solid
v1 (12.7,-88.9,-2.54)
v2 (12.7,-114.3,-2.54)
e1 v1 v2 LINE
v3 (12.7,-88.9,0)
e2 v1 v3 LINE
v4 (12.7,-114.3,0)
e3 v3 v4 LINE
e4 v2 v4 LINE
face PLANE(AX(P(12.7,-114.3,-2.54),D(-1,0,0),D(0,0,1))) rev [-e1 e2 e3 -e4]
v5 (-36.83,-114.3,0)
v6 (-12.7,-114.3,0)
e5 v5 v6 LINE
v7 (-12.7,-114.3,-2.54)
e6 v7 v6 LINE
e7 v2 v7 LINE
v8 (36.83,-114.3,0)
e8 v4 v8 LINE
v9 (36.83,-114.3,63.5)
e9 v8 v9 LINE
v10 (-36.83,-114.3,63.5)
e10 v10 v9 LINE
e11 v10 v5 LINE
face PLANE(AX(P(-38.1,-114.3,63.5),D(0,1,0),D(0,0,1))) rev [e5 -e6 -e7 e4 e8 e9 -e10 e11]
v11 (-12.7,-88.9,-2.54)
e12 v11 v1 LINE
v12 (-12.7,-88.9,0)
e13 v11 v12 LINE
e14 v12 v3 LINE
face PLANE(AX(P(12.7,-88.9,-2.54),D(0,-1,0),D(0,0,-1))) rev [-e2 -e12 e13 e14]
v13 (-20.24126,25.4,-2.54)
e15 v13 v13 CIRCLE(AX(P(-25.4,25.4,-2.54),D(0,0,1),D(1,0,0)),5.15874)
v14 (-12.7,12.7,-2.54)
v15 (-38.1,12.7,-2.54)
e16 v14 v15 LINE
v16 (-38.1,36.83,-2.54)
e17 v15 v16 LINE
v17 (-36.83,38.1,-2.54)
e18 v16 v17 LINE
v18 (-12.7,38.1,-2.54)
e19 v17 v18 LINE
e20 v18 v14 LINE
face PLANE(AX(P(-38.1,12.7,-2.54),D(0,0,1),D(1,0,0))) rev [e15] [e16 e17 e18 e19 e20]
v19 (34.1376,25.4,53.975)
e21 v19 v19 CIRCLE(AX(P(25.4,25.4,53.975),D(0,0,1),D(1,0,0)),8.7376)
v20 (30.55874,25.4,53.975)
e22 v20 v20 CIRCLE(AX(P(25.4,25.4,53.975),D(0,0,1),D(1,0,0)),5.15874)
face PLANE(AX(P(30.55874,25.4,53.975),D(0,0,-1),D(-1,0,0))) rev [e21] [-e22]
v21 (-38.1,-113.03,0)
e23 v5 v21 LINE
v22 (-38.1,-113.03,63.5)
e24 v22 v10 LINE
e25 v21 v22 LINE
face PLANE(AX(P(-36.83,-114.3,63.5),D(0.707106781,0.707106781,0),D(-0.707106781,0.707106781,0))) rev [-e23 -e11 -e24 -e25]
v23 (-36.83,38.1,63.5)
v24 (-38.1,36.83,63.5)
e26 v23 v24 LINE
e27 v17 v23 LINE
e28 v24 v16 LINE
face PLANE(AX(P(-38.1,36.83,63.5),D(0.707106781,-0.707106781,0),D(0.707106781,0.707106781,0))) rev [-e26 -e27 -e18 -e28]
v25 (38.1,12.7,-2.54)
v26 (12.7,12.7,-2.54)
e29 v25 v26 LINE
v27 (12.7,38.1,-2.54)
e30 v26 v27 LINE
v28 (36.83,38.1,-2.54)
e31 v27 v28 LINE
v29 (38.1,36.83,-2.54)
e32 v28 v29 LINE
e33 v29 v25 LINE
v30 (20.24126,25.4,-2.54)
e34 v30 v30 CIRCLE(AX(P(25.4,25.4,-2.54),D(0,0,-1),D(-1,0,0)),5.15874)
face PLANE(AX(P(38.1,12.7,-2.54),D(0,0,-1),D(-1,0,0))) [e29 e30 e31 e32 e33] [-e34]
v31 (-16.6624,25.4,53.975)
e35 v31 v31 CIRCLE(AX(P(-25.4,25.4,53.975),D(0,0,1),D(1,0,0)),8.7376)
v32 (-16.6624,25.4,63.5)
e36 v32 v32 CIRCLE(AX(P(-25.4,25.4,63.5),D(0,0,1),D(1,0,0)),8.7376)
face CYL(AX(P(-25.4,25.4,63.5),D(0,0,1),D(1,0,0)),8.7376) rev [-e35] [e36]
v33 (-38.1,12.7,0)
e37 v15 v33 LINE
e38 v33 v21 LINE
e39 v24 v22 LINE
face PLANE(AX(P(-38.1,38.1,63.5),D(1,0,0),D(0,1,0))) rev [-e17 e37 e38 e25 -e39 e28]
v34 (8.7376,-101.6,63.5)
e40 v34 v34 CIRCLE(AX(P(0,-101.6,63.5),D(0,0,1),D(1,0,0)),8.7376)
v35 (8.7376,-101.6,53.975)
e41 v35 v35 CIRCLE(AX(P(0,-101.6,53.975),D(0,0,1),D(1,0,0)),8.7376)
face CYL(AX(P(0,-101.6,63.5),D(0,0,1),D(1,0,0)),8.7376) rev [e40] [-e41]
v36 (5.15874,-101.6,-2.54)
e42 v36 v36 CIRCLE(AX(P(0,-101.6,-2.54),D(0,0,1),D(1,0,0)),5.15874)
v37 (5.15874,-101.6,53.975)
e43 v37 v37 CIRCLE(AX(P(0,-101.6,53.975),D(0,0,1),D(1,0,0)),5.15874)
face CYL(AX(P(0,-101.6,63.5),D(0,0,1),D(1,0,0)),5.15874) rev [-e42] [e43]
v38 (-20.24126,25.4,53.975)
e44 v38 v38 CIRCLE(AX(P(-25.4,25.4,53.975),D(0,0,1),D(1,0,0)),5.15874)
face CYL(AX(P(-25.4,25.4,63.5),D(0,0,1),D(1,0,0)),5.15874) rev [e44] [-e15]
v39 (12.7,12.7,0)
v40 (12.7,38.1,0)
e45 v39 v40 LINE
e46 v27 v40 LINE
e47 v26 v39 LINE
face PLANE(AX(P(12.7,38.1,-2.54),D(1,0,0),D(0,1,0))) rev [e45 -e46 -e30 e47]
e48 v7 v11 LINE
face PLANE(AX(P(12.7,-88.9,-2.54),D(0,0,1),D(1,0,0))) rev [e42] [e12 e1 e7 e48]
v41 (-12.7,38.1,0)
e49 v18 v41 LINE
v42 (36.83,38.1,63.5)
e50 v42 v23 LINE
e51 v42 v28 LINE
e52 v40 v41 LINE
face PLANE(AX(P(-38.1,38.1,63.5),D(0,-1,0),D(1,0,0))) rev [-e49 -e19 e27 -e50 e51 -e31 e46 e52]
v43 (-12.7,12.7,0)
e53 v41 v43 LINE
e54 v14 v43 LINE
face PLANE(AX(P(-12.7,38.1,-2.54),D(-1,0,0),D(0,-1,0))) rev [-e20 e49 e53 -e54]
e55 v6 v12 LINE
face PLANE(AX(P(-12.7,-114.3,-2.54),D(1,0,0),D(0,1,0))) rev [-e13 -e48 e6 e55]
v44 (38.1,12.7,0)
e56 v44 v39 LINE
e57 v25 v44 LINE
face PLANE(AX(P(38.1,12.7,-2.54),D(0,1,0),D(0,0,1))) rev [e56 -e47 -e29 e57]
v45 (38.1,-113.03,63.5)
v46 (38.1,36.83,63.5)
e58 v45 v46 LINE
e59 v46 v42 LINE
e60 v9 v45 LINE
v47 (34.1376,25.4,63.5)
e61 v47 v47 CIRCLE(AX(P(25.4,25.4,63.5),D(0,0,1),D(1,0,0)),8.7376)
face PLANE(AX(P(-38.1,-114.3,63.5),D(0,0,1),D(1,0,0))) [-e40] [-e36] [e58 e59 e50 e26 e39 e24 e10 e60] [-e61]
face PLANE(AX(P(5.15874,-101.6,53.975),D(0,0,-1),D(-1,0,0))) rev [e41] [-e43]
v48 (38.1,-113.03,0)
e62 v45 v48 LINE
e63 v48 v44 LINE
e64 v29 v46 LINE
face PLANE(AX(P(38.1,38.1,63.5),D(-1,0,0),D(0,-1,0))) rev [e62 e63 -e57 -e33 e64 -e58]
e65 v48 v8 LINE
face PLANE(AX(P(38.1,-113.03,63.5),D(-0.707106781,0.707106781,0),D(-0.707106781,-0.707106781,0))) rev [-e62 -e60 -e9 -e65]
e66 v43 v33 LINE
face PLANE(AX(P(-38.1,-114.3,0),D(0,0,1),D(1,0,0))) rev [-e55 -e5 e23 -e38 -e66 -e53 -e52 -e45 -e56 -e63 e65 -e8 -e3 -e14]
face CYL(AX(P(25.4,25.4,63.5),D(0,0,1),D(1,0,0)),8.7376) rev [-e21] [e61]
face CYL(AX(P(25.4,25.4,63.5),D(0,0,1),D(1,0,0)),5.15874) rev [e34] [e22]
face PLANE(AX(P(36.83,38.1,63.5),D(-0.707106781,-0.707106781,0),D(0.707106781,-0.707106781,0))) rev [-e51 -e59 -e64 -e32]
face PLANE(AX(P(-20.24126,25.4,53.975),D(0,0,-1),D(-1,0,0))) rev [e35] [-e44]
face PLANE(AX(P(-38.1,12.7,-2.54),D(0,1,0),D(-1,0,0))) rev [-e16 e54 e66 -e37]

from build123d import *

# Parameters (mm, degrees)
SKETCH1_W                                        = 76.2
SKETCH1_H                                        = 152.4
EXTRUDE1_DEPTH                                   = 63.5
SKETCH4_W                                        = 25.4
SKETCH4_H                                        = 25.4
EXTRUDE2_DEPTH                                   = 2.54
CBORE_FOR_3_8_SOCKET_HEAD_CAP_SCREW1_D           = 10.31748
CBORE_FOR_3_8_SOCKET_HEAD_CAP_SCREW1_CBORE_D     = 17.4752
CBORE_FOR_3_8_SOCKET_HEAD_CAP_SCREW1_CBORE_DEPTH = 9.525
CHAMFER2_SIZE                                    = 1.27


with BuildPart() as part:
    # Sketch1 → Extrude1 (new body)
    with BuildSketch(Plane.XY):
        with Locations((0, -38.1)):
            Rectangle(SKETCH1_W, SKETCH1_H)
    extrude(amount=EXTRUDE1_DEPTH)

    # Sketch4 → Extrude2 (add)
    with BuildSketch(Plane(origin=(0, 0, 0), x_dir=(-1, 0, 0), z_dir=(0, 0, -1))):
        with Locations((-25.4, 25.4)):
            Rectangle(SKETCH4_W, SKETCH4_H)
        with Locations((25.4, 25.4)):
            Rectangle(SKETCH4_W, SKETCH4_H)
        with Locations((0, -101.6)):
            Rectangle(SKETCH4_W, SKETCH4_H)
    extrude(amount=EXTRUDE2_DEPTH)

    # CBORE for 3/8 Socket Head Cap Screw1 (through all)
    with Locations(Plane.XY.offset(63.5)):
        with Locations((-25.4, 25.4), (25.4, 25.4), (0, -101.6)):
            CounterBoreHole(CBORE_FOR_3_8_SOCKET_HEAD_CAP_SCREW1_D / 2, CBORE_FOR_3_8_SOCKET_HEAD_CAP_SCREW1_CBORE_D / 2, CBORE_FOR_3_8_SOCKET_HEAD_CAP_SCREW1_CBORE_DEPTH)

    # Chamfer2
    chamfer2_edges = [part.edges().sort_by_distance(p)[0] for p in [
        (-38.1, 38.1, 30.48),
        (38.1, 38.1, 30.48),
        (38.1, -114.3, 31.75),
        (-38.1, -114.3, 31.75),
    ]]
    chamfer(chamfer2_edges, length=CHAMFER2_SIZE)


solid = part.part
